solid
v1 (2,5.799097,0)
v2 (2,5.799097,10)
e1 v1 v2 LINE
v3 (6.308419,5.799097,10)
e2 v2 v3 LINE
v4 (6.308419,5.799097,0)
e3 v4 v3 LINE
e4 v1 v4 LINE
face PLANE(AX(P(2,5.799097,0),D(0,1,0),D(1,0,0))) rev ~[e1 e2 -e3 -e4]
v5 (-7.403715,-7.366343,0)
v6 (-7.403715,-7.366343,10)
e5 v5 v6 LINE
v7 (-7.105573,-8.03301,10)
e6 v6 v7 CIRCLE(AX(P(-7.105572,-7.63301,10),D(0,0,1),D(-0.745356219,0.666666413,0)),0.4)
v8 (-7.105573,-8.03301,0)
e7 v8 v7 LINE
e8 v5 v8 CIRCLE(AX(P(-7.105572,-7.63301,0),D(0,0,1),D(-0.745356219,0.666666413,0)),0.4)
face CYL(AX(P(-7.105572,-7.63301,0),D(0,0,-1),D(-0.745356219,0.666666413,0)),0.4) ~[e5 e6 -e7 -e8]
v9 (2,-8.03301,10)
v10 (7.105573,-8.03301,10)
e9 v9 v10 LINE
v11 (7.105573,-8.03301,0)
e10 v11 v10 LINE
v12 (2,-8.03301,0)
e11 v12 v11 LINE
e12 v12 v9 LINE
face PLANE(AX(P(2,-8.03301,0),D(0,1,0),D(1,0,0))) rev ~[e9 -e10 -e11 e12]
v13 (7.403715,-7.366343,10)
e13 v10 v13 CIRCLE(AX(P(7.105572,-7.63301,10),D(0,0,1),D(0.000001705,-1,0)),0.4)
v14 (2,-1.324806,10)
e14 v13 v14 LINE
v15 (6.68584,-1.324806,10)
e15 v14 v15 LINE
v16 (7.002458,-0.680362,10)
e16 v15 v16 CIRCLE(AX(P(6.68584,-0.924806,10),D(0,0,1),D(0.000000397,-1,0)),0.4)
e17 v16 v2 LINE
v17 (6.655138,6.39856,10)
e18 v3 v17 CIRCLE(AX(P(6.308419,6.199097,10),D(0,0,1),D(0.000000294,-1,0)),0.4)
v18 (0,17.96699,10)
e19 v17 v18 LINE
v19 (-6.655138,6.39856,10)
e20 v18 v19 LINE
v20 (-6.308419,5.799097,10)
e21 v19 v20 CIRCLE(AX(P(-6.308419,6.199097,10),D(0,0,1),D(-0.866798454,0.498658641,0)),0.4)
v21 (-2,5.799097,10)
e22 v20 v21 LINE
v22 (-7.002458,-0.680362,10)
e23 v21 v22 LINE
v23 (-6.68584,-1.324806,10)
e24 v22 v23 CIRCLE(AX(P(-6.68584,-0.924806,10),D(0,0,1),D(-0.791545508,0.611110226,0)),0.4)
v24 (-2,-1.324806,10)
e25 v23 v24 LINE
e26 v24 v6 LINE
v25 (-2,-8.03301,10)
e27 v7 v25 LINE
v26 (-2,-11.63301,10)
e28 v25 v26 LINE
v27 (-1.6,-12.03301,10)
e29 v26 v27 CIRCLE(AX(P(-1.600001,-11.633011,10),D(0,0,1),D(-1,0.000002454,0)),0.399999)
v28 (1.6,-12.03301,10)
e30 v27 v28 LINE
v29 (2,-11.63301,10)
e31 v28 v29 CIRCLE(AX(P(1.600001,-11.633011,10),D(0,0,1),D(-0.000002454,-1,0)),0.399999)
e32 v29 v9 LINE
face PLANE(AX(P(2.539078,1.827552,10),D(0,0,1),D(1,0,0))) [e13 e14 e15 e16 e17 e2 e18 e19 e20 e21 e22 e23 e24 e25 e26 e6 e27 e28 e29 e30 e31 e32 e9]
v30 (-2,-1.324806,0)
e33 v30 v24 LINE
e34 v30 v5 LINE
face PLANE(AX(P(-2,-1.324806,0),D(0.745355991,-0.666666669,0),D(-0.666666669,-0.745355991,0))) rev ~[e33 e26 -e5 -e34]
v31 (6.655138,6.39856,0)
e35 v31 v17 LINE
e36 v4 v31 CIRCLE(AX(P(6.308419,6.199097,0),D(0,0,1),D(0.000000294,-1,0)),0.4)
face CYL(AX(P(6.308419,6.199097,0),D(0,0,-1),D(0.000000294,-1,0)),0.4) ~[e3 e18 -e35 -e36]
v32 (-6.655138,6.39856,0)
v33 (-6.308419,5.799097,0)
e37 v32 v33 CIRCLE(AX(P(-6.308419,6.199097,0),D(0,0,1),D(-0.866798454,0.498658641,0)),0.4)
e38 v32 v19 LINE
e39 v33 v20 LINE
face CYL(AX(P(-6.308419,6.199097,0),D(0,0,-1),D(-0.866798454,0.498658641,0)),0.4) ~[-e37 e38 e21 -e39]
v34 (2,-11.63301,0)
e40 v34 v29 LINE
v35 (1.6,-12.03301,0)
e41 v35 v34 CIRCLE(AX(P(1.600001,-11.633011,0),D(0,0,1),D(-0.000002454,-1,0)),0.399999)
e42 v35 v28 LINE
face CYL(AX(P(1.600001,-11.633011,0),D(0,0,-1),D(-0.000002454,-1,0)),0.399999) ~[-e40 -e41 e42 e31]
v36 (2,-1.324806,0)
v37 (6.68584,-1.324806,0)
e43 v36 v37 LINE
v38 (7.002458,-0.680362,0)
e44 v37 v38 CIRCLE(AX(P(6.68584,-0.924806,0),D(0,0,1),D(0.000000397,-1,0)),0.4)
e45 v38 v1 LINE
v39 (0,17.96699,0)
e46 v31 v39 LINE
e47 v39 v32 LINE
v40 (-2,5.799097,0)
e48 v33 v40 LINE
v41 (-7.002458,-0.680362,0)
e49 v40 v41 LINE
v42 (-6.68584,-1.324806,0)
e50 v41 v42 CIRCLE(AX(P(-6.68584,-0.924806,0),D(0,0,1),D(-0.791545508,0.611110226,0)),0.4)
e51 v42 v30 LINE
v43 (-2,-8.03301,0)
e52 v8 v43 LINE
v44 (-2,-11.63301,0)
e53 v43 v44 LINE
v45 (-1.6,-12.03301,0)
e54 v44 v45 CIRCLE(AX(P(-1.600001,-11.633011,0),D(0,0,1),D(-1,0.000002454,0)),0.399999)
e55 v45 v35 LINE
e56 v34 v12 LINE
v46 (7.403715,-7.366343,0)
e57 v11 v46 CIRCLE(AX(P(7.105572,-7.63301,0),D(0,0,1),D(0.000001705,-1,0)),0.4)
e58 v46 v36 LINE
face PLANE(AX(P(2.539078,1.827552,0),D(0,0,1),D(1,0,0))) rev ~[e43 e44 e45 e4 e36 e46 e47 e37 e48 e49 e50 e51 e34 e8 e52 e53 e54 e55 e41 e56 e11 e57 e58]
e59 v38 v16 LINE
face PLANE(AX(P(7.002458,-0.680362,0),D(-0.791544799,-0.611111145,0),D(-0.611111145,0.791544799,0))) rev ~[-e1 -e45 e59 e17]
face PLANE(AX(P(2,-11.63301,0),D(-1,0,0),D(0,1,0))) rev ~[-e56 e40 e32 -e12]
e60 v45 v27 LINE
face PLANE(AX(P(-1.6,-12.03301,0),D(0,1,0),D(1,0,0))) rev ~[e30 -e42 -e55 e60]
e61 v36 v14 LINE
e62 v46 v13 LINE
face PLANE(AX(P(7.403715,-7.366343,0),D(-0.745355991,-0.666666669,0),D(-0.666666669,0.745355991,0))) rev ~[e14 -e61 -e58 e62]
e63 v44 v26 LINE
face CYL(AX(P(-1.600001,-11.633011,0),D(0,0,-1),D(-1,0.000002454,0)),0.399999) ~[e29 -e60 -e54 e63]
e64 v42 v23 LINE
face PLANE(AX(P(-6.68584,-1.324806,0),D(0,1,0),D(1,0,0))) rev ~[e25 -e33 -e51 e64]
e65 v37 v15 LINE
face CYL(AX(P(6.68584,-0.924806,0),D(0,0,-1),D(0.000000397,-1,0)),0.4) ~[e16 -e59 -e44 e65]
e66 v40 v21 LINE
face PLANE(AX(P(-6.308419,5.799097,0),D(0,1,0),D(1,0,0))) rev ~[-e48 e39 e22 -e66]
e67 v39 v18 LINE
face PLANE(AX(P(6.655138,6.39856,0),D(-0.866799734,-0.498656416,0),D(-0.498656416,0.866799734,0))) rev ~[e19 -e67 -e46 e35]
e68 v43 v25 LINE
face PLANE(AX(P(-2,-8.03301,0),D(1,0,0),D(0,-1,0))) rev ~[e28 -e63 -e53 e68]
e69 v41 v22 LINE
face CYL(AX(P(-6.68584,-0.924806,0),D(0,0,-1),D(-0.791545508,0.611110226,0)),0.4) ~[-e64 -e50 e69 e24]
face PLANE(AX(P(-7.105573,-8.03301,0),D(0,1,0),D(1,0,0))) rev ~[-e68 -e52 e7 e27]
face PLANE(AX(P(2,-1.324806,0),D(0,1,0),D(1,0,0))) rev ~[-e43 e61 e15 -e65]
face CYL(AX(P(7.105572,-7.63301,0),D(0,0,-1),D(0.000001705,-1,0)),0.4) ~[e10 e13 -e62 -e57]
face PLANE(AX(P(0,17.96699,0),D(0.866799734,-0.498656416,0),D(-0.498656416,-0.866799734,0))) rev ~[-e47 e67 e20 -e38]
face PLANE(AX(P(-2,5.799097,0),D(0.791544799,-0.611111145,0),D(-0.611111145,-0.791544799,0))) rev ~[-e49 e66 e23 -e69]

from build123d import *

# Parameters (mm, degrees)
F1_DEPTH = 10


with BuildPart() as f1:
    # F0 (on Top) → F1 (new body)
    with BuildSketch(Plane.XY):
        with BuildLine():
            Line((6.655138, 6.39856), (0, 17.96699))
            Line((0, 17.96699), (0, -12.03301))
            Line((0, -12.03301), (1.6, -12.03301))
            ThreePointArc((1.6, -12.03301), (1.882843, -11.915853), (2, -11.63301))
            Line((2, -11.63301), (2, -8.03301))
            Line((2, -8.03301), (7.105573, -8.03301))
            ThreePointArc((7.105573, -8.03301), (7.470721, -7.796309), (7.403715, -7.366343))
            Line((7.403715, -7.366343), (2, -1.324806))
            Line((2, -1.324806), (6.68584, -1.324806))
            ThreePointArc((6.68584, -1.324806), (7.044851, -1.101189), (7.002458, -0.680362))
            Line((7.002458, -0.680362), (2, 5.799097))
            Line((2, 5.799097), (6.308419, 5.799097))
            ThreePointArc((6.308419, 5.799097), (6.654674, 5.998829), (6.655138, 6.39856))
        make_face()
        with BuildLine():
            Line((0, -12.03301), (0, 17.96699))
            Line((0, 17.96699), (-6.655138, 6.39856))
            ThreePointArc((-6.655138, 6.39856), (-6.654674, 5.998829), (-6.308419, 5.799097))
            Line((-6.308419, 5.799097), (-2, 5.799097))
            Line((-2, 5.799097), (-7.002458, -0.680362))
            ThreePointArc((-7.002458, -0.680362), (-7.044851, -1.101189), (-6.68584, -1.324806))
            Line((-6.68584, -1.324806), (-2, -1.324806))
            Line((-2, -1.324806), (-7.403715, -7.366343))
            ThreePointArc((-7.403715, -7.366343), (-7.470721, -7.796309), (-7.105573, -8.03301))
            Line((-7.105573, -8.03301), (-2, -8.03301))
            Line((-2, -8.03301), (-2, -11.63301))
            ThreePointArc((-2, -11.63301), (-1.882843, -11.915853), (-1.6, -12.03301))
            Line((-1.6, -12.03301), (0, -12.03301))
        make_face()
    extrude(amount=F1_DEPTH)


solid = f1.part
